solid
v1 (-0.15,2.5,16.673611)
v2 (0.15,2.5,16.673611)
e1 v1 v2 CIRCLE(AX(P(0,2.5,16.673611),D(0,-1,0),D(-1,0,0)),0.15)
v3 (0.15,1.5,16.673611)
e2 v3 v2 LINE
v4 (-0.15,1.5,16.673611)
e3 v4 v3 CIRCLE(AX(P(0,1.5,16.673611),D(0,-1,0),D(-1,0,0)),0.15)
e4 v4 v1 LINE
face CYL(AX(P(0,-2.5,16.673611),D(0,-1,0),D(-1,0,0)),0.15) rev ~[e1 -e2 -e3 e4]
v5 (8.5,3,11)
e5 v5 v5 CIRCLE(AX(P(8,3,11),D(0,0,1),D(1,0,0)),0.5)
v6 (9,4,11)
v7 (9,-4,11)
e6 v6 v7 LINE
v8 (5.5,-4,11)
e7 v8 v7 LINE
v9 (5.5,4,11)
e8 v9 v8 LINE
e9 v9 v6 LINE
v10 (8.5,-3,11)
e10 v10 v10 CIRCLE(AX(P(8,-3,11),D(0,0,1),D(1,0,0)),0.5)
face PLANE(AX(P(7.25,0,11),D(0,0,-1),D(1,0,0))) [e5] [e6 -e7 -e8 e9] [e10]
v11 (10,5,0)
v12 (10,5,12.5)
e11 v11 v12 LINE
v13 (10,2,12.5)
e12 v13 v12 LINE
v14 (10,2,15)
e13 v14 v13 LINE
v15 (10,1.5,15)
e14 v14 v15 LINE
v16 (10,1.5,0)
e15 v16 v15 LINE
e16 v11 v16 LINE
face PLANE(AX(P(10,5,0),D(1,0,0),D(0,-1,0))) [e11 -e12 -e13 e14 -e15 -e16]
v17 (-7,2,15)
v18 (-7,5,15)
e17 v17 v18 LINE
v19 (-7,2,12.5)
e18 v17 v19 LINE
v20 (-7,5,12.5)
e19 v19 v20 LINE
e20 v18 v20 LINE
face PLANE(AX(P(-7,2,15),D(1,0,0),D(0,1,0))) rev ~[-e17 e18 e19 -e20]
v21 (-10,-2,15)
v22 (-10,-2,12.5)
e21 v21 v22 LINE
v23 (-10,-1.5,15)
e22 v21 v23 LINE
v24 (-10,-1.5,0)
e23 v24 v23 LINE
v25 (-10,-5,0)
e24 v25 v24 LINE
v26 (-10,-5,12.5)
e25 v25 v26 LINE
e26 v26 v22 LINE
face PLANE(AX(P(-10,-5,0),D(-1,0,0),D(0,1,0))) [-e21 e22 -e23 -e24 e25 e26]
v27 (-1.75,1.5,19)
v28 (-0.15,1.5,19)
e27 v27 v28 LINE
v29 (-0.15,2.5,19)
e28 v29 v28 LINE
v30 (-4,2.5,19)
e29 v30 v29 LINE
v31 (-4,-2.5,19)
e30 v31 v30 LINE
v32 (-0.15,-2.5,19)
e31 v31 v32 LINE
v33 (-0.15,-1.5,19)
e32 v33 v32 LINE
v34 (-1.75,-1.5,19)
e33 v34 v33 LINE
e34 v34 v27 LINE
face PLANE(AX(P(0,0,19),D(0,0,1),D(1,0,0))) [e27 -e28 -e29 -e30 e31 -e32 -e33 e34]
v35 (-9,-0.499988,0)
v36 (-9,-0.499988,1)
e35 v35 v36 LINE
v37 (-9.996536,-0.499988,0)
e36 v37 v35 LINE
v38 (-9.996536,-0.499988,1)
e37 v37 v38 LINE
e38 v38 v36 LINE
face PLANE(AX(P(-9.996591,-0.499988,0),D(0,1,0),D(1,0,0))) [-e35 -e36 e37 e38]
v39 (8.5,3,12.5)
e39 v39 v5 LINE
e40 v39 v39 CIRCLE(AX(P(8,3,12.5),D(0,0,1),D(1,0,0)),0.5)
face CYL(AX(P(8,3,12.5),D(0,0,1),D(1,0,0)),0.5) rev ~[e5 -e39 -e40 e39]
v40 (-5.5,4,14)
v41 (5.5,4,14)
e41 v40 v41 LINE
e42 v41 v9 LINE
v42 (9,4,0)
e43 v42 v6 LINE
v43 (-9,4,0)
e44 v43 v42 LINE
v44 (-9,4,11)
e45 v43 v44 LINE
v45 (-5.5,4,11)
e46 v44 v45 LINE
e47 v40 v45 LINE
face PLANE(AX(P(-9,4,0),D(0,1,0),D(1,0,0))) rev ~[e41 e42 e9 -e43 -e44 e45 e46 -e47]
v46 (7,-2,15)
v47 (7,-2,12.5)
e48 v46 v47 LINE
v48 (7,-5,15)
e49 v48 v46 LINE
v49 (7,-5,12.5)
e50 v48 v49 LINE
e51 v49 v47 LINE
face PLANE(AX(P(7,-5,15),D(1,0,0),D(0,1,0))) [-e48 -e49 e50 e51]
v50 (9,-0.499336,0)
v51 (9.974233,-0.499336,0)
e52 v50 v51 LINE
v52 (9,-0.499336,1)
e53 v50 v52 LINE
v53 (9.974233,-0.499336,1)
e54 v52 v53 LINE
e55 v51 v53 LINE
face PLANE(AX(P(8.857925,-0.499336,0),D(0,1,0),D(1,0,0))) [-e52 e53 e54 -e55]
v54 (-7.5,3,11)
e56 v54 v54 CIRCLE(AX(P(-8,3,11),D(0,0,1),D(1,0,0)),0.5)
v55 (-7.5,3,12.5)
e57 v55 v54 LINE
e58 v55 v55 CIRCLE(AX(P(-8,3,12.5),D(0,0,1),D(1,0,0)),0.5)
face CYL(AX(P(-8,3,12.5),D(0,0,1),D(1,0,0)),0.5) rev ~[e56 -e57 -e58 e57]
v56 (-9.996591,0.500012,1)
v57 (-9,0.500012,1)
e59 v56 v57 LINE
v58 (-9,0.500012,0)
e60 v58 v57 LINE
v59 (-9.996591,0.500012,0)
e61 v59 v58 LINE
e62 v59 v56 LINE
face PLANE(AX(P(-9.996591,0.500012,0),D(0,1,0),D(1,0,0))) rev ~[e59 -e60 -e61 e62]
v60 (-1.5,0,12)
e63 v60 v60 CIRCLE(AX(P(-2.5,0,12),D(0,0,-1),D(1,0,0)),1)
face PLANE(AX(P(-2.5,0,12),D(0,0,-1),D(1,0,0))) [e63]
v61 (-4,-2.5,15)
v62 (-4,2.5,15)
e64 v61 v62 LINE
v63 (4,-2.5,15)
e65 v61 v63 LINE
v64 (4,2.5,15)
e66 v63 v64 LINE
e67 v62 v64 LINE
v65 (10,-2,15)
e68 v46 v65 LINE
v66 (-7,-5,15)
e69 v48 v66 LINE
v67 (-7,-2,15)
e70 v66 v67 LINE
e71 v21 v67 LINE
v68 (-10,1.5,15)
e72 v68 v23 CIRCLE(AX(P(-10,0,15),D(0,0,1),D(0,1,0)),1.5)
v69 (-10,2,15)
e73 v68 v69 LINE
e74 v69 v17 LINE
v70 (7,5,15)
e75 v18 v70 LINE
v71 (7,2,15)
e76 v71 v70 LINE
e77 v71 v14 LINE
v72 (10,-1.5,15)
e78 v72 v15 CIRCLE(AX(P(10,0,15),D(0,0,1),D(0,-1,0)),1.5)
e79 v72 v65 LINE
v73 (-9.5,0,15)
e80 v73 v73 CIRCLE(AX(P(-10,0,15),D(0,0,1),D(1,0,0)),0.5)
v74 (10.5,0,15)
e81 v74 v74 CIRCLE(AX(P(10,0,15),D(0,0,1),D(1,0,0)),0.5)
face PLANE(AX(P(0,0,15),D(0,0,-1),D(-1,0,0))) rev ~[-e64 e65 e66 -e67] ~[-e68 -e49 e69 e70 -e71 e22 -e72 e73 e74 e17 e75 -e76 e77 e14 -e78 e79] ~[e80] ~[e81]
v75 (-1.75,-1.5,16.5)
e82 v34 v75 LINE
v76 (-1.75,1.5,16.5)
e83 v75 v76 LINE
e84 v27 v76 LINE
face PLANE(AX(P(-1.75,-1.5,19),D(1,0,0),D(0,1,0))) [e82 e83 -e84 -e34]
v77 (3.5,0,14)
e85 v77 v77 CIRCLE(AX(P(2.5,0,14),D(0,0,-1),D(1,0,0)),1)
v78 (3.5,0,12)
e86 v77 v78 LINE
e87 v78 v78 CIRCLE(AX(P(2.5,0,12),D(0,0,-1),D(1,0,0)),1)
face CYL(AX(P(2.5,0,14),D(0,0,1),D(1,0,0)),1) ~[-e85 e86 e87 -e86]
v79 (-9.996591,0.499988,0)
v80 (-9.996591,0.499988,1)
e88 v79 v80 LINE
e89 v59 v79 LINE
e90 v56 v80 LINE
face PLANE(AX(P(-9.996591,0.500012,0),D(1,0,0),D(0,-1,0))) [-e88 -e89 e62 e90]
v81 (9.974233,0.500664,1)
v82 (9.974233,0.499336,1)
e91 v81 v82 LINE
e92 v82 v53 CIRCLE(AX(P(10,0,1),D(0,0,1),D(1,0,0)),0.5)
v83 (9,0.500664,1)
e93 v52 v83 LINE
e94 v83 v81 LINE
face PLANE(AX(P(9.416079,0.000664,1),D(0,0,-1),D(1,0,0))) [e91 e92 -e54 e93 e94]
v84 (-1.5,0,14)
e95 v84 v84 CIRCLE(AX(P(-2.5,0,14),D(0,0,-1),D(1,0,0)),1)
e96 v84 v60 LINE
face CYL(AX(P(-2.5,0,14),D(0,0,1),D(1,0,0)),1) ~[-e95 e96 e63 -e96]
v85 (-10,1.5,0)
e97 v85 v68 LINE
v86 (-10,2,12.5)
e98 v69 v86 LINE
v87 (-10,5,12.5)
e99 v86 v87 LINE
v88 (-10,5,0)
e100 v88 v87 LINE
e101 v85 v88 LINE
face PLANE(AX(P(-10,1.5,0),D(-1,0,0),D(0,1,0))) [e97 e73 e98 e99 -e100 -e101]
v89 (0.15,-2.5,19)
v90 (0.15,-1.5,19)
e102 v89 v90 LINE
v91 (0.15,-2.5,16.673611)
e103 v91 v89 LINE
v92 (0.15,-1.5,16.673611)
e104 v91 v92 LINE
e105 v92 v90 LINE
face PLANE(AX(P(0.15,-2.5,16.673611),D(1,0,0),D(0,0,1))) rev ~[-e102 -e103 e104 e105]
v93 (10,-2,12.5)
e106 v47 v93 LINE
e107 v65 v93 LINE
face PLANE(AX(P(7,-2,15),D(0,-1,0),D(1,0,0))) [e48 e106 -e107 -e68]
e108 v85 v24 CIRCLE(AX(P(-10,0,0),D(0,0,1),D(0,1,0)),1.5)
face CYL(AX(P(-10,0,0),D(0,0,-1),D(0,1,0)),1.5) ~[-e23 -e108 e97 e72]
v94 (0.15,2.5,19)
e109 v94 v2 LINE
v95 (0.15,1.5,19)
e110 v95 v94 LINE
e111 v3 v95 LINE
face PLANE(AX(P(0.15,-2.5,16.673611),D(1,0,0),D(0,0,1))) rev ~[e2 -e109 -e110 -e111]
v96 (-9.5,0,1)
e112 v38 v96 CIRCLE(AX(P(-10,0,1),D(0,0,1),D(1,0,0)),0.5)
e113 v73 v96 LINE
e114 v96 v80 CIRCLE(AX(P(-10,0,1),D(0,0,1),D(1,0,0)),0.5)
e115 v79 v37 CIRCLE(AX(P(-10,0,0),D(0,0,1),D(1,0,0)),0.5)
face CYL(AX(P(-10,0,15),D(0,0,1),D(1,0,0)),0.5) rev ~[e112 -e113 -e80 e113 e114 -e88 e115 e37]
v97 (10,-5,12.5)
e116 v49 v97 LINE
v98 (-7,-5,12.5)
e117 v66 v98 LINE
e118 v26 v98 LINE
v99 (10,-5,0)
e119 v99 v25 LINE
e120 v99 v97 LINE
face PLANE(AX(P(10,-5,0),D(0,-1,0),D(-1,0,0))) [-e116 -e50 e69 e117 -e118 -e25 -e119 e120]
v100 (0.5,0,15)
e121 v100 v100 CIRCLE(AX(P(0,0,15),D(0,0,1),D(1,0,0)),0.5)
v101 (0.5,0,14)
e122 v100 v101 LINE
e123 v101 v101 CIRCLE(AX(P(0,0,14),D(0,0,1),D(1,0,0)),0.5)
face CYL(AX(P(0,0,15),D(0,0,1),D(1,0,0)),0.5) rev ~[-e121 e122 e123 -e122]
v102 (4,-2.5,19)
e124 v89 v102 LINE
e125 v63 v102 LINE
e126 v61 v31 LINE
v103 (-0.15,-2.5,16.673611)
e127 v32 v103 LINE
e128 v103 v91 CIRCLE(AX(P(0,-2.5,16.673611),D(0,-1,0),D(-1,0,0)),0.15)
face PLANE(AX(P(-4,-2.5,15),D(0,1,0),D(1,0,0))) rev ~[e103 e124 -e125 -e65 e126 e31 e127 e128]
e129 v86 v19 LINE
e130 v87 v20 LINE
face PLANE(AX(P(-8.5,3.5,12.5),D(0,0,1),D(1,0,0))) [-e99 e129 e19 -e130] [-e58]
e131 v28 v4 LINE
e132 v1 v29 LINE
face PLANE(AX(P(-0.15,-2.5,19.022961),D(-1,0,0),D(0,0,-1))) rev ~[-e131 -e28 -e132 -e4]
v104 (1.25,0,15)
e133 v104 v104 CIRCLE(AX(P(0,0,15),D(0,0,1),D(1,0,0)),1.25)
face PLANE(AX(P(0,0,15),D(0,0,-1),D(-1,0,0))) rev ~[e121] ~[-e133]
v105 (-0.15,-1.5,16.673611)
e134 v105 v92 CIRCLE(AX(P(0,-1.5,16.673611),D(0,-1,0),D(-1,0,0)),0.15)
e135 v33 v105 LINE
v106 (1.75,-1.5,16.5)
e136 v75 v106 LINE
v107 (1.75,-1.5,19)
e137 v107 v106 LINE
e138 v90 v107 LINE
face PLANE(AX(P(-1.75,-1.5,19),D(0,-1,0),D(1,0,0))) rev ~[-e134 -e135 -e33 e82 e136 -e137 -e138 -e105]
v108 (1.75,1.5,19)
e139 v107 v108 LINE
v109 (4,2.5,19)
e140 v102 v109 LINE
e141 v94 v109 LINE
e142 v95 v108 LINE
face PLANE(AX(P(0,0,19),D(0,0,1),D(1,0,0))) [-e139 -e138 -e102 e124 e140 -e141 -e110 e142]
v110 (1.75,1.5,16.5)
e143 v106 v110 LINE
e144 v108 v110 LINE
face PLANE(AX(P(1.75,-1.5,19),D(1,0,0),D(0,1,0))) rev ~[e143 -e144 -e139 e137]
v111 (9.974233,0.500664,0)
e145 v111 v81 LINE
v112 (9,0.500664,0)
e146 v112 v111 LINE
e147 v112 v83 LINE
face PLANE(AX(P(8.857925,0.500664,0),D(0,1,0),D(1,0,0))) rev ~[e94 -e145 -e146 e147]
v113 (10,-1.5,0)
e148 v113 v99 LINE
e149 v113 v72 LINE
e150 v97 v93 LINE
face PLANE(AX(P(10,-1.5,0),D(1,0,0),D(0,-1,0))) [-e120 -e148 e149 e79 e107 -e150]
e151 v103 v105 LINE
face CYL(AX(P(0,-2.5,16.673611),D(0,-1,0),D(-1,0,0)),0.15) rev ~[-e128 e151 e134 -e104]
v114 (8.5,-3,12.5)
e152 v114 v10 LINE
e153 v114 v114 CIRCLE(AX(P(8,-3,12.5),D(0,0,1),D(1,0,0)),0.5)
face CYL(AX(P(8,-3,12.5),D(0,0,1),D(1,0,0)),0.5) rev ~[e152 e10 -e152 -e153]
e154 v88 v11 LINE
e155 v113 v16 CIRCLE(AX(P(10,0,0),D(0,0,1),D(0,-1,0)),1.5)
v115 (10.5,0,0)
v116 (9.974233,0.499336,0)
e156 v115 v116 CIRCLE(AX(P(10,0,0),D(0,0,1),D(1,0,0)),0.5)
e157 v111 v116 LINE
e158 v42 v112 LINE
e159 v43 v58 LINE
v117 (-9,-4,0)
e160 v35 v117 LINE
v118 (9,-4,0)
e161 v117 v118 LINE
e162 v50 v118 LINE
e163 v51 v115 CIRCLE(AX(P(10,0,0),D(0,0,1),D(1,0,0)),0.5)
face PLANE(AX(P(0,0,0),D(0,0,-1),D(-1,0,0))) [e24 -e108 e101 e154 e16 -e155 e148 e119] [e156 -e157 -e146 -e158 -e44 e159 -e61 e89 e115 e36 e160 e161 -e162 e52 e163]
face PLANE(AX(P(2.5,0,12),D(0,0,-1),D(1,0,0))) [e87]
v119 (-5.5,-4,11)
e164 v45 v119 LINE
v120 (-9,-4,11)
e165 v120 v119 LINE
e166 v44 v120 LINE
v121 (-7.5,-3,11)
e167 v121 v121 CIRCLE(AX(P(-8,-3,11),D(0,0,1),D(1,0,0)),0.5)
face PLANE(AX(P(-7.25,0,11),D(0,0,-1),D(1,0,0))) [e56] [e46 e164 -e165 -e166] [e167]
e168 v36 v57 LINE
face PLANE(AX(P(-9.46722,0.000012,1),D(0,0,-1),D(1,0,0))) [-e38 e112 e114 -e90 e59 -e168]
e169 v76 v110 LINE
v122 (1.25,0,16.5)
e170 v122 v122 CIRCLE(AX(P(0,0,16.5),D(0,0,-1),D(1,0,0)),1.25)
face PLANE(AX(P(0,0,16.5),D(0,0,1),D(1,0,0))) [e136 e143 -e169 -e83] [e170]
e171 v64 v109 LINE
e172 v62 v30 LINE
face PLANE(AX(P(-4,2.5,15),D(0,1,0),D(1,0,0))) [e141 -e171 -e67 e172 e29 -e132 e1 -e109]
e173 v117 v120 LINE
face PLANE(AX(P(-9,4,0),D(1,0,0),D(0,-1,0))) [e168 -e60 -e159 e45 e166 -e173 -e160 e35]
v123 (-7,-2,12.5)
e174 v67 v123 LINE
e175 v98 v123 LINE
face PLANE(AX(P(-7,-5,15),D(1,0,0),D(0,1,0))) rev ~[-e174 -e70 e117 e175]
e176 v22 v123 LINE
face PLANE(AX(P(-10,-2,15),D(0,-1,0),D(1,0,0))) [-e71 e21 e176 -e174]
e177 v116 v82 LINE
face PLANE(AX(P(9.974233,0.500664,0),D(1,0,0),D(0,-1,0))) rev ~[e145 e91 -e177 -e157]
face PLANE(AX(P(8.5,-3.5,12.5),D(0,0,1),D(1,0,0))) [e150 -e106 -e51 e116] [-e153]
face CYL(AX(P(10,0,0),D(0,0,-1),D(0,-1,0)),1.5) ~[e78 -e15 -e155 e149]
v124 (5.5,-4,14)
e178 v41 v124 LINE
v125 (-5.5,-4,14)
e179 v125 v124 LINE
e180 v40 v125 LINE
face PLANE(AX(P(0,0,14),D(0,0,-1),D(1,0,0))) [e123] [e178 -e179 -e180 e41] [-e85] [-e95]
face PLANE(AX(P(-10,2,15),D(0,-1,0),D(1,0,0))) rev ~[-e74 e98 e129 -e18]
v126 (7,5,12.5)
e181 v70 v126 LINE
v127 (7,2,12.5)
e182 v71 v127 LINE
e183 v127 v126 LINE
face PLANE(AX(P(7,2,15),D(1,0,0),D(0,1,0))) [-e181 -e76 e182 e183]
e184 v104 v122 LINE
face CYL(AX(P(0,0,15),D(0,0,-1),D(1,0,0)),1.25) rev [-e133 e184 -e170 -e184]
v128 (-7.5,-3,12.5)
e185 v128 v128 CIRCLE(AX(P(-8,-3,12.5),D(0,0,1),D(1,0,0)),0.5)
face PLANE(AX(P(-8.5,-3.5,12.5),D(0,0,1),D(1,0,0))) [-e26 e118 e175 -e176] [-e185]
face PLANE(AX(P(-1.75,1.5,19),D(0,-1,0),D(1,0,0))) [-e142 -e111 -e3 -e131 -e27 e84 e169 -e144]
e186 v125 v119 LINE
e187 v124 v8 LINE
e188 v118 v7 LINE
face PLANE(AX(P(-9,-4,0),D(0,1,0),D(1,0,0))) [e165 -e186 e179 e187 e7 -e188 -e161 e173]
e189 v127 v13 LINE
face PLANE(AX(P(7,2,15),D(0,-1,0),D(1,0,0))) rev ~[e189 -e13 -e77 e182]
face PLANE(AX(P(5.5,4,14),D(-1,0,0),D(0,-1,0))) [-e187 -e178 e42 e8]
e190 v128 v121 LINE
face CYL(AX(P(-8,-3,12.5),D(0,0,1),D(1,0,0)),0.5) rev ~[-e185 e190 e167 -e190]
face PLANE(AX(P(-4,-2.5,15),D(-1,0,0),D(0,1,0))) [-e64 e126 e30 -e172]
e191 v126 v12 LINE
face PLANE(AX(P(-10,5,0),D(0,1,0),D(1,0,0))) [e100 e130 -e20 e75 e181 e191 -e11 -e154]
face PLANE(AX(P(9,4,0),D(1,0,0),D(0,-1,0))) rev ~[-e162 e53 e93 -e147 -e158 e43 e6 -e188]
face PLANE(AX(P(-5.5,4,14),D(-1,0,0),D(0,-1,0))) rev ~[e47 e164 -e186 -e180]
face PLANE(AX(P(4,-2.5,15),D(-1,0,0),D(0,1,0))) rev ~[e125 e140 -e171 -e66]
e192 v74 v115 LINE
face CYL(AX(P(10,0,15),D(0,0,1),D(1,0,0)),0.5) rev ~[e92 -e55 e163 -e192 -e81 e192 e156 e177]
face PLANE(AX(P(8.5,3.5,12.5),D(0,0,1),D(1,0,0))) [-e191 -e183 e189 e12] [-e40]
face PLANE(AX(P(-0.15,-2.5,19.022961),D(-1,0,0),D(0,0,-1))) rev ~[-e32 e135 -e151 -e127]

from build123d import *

# Parameters (mm, degrees)
PAD_DEPTH       = 15
SKETCH001_W     = 18
SKETCH001_H     = 8
POCKET_DEPTH    = 14
SKETCH002_R     = 1
PAD001_DEPTH    = 2
SKETCH003_R     = 0.5
POCKET001_DEPTH = 15.001
SKETCH004_W     = 8
SKETCH004_H     = 5
SKETCH004_R     = 1.25
PAD002_DEPTH    = 4
SKETCH005_W     = 3.5
SKETCH005_H     = 3
POCKET002_DEPTH = 2.5
POCKET003_DEPTH = 7.501
SKETCH007_W     = 3.5
SKETCH007_H     = 8
PAD003_DEPTH    = 3
SKETCH008_W     = 3
SKETCH008_H     = 3
POCKET004_DEPTH = 2.5
SKETCH010_R     = 0.5
POCKET005_DEPTH = 12.501
SKETCH011_R     = 0.5
POCKET006_DEPTH = 15.001
SKETCH012_W     = 1.058742
SKETCH012_H     = 1
SKETCH012_W_2   = 1.116308
POCKET007_DEPTH = 1


with BuildPart() as part:
    # Sketch → Pad (new body)
    with BuildSketch(Plane.XY):
        with BuildLine():
            Line((-10, 5), (10, 5))
            Line((10, 5), (10, 1.5))
            ThreePointArc((10, -1.5), (11.5, 0), (10, 1.5))
            Line((10, -1.5), (10, -5))
            Line((10, -5), (-10, -5))
            Line((-10, -5), (-10, -1.5))
            ThreePointArc((-10, 1.5), (-11.5, 0), (-10, -1.5))
            Line((-10, 1.5), (-10, 5))
        make_face()
    extrude(amount=PAD_DEPTH)

    # Sketch001 (on Face9 of Pad) → Pocket (cut)
    with BuildSketch(Plane(origin=(0, 0, 0), x_dir=(1, 0, 0), z_dir=(0, 0, -1))):
        Rectangle(SKETCH001_W, SKETCH001_H)
    extrude(amount=-POCKET_DEPTH, mode=Mode.SUBTRACT)

    # Sketch002 (on Face15 of Pocket) → Pad001 (join)
    with BuildSketch(Plane(origin=(0, 0, 14), x_dir=(1, 0, 0), z_dir=(0, 0, -1))):
        with Locations((-2.5, 0)):
            Circle(SKETCH002_R)
        with Locations((2.5, 0)):
            Circle(SKETCH002_R)
    extrude(amount=PAD001_DEPTH)

    # Sketch003 (on Face5 of Pad001) → Pocket001 (cut, through all)
    with BuildSketch(Plane.XY.offset(15)):
        Circle(SKETCH003_R)
    extrude(amount=-POCKET001_DEPTH, mode=Mode.SUBTRACT)

    # Sketch004 (on Face5 of Pocket001) → Pad002 (join)
    with BuildSketch(Plane.XY.offset(15)):
        Rectangle(SKETCH004_W, SKETCH004_H)
        Circle(SKETCH004_R, mode=Mode.SUBTRACT)
    extrude(amount=PAD002_DEPTH)

    # Sketch005 (on Face20 of Pad002) → Pocket002 (cut)
    with BuildSketch(Plane.XY.offset(19)):
        Rectangle(SKETCH005_W, SKETCH005_H)
    extrude(amount=-POCKET002_DEPTH, mode=Mode.SUBTRACT)

    # Sketch006 (on Face16 of Pocket002) → Pocket003 (cut, through all)
    with BuildSketch(Plane.XZ.offset(2.5)):
        with BuildLine():
            ThreePointArc((0.15, 19.022961), (0, 19.172961), (-0.15, 19.022961))
            Line((-0.15, 19.022961), (-0.15, 16.673611))
            ThreePointArc((-0.15, 16.673611), (0, 16.523611), (0.15, 16.673611))
            Line((0.15, 16.673611), (0.15, 19.022961))
        make_face()
    extrude(amount=-POCKET003_DEPTH, mode=Mode.SUBTRACT)

    # Sketch007 (on Face19 of Pocket003) → Pad003 (join)
    with BuildSketch(Plane(origin=(0, 0, 14), x_dir=(1, 0, 0), z_dir=(0, 0, -1))):
        with Locations((7.25, 0)):
            Rectangle(SKETCH007_W, SKETCH007_H)
        with Locations((-7.25, 0)):
            Rectangle(SKETCH007_W, SKETCH007_H)
    extrude(amount=PAD003_DEPTH)

    # Sketch008 (on Face5 of Pad003) → Pocket004 (cut)
    with BuildSketch(Plane.XY.offset(15)):
        with Locations((8.5, -3.5)):
            Rectangle(SKETCH008_W, SKETCH008_H)
        with Locations((8.5, 3.5)):
            Rectangle(SKETCH008_W, SKETCH008_H)
        with Locations((-8.5, -3.5)):
            Rectangle(SKETCH008_W, SKETCH008_H)
        with Locations((-8.5, 3.5)):
            Rectangle(SKETCH008_W, SKETCH008_H)
    extrude(amount=-POCKET004_DEPTH, mode=Mode.SUBTRACT)

    # Sketch010 → Pocket005 (cut, through all)
    with BuildSketch(Plane.XY.offset(12.5)):
        with Locations((8, -3)):
            Circle(SKETCH010_R)
        with Locations((8, 3)):
            Circle(SKETCH010_R)
        with Locations((-8, 3)):
            Circle(SKETCH010_R)
        with Locations((-8, -3)):
            Circle(SKETCH010_R)
    extrude(amount=-POCKET005_DEPTH, mode=Mode.SUBTRACT)

    # Sketch011 (on Face6 of Pocket005) → Pocket006 (cut, through all)
    with BuildSketch(Plane.XY.offset(15)):
        with Locations((-10, 0)):
            Circle(SKETCH011_R)
        with Locations((10, 0)):
            Circle(SKETCH011_R)
    extrude(amount=-POCKET006_DEPTH, mode=Mode.SUBTRACT)

    # Sketch012 (on Face2 of Pocket006) → Pocket007 (cut)
    with BuildSketch(Plane(origin=(0, 0, 0), x_dir=(1, 0, 0), z_dir=(0, 0, -1))):
        with Locations((-9.46722, -1.2e-05)):
            Rectangle(SKETCH012_W, SKETCH012_H)
        with Locations((9.416079, -0.000664)):
            Rectangle(SKETCH012_W_2, SKETCH012_H)
    extrude(amount=-POCKET007_DEPTH, mode=Mode.SUBTRACT)


solid = part.part
